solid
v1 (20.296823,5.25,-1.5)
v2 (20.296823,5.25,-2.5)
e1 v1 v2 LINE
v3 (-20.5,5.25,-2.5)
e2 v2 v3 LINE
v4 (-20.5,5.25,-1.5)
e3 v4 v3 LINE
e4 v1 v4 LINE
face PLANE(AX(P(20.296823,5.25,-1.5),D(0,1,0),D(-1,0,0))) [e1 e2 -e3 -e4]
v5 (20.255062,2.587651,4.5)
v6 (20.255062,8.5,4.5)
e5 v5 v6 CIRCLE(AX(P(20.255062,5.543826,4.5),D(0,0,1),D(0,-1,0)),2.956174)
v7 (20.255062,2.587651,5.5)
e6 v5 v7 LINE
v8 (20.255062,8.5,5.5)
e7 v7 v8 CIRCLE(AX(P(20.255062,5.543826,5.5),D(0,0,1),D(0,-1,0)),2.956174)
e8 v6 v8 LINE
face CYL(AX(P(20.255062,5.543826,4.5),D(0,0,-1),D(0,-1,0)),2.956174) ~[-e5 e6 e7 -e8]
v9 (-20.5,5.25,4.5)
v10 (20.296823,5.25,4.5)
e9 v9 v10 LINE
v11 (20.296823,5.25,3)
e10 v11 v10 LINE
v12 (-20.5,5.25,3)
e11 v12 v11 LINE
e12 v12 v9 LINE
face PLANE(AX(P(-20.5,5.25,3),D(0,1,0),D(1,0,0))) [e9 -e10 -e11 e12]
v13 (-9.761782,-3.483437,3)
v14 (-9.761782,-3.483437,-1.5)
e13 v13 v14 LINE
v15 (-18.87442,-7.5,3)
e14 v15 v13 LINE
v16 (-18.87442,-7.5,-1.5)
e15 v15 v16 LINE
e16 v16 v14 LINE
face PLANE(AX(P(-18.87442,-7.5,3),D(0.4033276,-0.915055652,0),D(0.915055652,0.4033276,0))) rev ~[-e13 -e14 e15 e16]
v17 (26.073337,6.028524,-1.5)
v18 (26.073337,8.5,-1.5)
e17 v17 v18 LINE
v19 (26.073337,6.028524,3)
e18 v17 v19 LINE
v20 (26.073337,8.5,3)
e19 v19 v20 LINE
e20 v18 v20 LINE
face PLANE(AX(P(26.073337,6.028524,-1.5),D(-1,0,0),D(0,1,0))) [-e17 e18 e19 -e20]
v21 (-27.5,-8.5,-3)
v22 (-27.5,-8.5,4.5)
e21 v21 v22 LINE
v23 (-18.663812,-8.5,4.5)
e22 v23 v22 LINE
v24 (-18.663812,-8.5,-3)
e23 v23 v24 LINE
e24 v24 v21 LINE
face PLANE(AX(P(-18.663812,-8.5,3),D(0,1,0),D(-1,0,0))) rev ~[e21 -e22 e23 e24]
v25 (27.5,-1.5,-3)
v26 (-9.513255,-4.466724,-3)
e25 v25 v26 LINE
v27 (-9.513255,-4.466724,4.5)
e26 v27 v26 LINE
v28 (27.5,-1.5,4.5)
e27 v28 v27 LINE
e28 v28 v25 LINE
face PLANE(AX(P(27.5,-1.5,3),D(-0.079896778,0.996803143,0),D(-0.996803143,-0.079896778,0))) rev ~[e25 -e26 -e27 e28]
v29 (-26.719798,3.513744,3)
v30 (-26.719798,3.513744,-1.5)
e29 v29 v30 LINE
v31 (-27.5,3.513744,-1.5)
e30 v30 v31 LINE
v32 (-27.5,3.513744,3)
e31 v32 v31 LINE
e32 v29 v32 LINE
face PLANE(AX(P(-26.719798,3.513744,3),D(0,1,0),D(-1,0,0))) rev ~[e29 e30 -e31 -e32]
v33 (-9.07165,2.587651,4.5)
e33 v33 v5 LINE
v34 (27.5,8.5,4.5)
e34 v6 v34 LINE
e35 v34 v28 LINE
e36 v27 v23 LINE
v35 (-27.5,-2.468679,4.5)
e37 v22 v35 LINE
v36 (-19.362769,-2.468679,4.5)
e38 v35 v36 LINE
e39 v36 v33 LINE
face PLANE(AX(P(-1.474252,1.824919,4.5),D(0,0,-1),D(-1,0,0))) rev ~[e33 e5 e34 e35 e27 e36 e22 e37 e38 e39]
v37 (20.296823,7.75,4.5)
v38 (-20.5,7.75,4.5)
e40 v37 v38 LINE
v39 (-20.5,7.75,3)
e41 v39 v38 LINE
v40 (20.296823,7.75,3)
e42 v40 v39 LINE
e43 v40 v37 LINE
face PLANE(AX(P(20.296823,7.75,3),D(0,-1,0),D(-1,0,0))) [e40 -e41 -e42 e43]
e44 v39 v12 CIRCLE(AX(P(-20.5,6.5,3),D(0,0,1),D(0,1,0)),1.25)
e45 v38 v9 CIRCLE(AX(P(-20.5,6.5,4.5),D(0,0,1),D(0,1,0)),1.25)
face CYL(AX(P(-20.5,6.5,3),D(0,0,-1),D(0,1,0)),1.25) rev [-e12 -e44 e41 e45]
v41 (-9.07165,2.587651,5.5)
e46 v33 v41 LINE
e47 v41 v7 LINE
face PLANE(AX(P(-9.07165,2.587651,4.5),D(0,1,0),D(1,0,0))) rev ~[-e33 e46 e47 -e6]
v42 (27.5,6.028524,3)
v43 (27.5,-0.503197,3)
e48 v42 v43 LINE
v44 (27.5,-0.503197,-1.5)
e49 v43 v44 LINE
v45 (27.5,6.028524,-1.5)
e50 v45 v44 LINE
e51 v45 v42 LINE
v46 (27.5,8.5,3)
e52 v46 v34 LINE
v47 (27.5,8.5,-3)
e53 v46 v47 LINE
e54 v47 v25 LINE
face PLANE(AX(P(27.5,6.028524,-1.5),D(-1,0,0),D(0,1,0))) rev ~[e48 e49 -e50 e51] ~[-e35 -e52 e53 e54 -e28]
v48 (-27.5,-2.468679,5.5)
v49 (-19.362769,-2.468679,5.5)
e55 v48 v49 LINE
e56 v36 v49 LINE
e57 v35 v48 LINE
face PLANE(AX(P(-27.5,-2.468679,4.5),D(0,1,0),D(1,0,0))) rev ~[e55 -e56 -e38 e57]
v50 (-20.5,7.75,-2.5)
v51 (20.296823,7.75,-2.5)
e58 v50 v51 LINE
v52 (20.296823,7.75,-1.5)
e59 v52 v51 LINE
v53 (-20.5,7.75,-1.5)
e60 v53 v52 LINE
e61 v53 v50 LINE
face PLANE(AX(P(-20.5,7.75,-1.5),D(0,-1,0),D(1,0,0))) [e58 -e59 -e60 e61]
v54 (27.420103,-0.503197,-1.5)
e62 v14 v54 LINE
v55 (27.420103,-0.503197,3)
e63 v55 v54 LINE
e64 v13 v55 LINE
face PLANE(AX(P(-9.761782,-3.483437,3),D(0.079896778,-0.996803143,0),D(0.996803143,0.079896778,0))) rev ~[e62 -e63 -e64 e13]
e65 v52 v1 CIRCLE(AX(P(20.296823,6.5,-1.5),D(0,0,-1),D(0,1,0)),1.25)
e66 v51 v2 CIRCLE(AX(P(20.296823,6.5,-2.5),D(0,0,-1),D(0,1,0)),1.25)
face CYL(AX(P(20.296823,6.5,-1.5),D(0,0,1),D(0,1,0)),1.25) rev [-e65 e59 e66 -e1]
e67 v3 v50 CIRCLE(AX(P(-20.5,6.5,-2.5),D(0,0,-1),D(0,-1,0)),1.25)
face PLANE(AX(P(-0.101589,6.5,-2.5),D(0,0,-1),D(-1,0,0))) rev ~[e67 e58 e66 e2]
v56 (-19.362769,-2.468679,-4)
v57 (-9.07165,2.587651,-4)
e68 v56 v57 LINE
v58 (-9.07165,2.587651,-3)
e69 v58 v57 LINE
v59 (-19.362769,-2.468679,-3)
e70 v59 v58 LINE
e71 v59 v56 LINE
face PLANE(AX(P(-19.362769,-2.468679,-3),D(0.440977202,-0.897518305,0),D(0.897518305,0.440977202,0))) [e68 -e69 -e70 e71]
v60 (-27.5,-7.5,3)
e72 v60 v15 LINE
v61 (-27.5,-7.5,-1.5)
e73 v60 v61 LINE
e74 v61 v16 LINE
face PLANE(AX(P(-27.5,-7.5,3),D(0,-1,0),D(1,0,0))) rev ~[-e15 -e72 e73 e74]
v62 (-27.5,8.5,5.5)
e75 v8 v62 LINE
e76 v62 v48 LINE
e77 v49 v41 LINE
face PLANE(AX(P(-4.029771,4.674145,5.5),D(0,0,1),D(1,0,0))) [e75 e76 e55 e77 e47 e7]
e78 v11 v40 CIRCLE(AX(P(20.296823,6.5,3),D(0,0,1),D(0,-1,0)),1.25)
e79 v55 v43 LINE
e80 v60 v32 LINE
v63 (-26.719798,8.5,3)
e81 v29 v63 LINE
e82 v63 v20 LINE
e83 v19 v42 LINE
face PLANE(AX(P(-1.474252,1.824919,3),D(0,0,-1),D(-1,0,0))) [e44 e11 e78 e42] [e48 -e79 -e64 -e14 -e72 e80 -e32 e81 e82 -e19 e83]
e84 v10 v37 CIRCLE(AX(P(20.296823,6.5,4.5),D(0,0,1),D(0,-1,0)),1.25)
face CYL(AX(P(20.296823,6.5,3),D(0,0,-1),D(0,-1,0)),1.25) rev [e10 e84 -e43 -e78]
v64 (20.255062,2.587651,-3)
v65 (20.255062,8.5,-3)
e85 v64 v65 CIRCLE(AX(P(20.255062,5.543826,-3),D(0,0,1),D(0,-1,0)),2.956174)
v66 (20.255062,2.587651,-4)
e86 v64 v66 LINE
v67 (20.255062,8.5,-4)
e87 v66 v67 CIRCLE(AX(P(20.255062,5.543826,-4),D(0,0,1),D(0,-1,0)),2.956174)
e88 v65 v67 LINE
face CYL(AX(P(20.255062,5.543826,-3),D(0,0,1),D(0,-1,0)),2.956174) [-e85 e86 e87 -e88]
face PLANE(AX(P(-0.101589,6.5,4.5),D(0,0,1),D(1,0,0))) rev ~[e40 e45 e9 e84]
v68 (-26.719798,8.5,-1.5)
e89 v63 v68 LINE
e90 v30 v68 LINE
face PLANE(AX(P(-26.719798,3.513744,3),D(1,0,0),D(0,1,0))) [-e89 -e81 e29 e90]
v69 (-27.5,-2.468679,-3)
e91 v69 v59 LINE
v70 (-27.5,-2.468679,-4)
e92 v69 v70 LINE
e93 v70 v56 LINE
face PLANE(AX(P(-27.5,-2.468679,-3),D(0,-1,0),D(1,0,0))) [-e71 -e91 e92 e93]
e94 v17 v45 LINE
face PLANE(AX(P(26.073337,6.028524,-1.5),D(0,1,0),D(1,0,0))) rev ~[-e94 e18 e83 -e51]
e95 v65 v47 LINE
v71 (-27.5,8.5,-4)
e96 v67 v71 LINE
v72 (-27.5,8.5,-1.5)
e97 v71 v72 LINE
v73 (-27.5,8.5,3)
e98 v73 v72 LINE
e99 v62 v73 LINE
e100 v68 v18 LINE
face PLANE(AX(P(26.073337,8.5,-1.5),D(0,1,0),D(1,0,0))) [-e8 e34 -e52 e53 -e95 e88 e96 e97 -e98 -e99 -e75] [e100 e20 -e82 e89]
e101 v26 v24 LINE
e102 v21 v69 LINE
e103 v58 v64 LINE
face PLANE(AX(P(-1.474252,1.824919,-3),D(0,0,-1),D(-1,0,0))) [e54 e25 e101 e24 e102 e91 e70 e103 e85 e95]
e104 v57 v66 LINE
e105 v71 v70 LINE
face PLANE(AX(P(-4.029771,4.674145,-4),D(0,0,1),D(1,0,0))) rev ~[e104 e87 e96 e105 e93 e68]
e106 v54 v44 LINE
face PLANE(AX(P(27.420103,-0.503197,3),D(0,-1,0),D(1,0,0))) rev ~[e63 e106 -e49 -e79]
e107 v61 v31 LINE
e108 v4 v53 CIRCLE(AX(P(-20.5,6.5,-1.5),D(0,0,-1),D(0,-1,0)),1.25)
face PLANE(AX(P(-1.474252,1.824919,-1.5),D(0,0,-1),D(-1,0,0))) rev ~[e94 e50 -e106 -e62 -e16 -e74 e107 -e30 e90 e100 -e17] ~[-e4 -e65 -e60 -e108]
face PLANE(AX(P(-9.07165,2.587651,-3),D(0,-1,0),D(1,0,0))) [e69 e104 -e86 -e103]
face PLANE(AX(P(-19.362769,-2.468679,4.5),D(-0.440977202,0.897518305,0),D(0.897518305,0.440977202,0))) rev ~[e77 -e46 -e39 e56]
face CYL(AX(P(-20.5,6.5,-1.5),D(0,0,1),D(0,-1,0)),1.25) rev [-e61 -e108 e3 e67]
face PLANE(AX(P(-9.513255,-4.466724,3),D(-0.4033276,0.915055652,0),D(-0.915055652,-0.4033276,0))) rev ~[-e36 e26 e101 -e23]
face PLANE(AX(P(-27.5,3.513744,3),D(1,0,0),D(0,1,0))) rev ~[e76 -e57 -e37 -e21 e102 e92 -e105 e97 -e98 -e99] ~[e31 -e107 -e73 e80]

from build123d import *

# Parameters (mm, degrees)
BOSS_EXTRUDE1_START = 3
BOSS_EXTRUDE1_DEPTH = 1.5
BOSS_EXTRUDE2_DEPTH = 1
CUT_EXTRUDE1_DEPTH  = 1.5
BOSS_EXTRUDE3_START = -3
BOSS_EXTRUDE3_DEPTH = 1.5
BOSS_EXTRUDE4_DEPTH = 1
BOSS_EXTRUDE5_DEPTH = 4.5
CUT_EXTRUDE2_DEPTH  = 1
SKETCH10_W          = 0.780201508
SKETCH10_H          = 4.986255627
BOSS_EXTRUDE6_DEPTH = 4.5
SKETCH11_W          = 1.426663005
SKETCH11_H          = 2.471476461
BOSS_EXTRUDE7_DEPTH = 4.5


with BuildPart() as part:
    # Sketch1 → Boss-Extrude1 (new body)
    with BuildSketch(Plane.XY.offset(BOSS_EXTRUDE1_START)):
        Polygon((-9.513255025, -4.466723996), (-18.663811547, -8.5), (-27.5, -8.5), (-27.5, 8.5), (27.5, 8.5), (27.5, -1.5), align=None)
    extrude(amount=BOSS_EXTRUDE1_DEPTH)

    # Sketch2 → Boss-Extrude2 (add)
    with BuildSketch(Plane.XY.offset(4.5)):
        with BuildLine():
            Line((-27.5, -2.468678655), (-19.36276873, -2.468678655))
            Line((-19.36276873, -2.468678655), (-9.07165048, 2.587651121))
            Line((-9.07165048, 2.587651121), (20.25506222, 2.587651121))
            ThreePointArc((20.25506222, 2.587651121), (23.21123666, 5.54382556), (20.25506222, 8.5))
            Line((20.25506222, 8.5), (-27.5, 8.5))
            Line((-27.5, 8.5), (-27.5, -2.468678655))
        make_face()
    extrude(amount=BOSS_EXTRUDE2_DEPTH)

    # Sketch3 → Cut-Extrude1 (cut)
    with BuildSketch(Plane(origin=(0, 0, 3), x_dir=(-1, 0, 0), z_dir=(0, 0, -1))):
        with BuildLine():
            Line((-20.296822584, 7.75), (20.5, 7.75))
            ThreePointArc((20.5, 7.75), (21.75, 6.5), (20.5, 5.25))
            Line((20.5, 5.25), (-20.296822584, 5.25))
            ThreePointArc((-20.296822584, 5.25), (-21.546822584, 6.5), (-20.296822584, 7.75))
        make_face()
    extrude(amount=-CUT_EXTRUDE1_DEPTH, mode=Mode.SUBTRACT)



with BuildPart() as body_2:
    # Sketch5 → Boss-Extrude3 (new body)
    with BuildSketch(Plane.XY.offset(BOSS_EXTRUDE3_START)):
        Polygon((27.5, -1.5), (-9.513255025, -4.466723996), (-18.663811547, -8.5), (-27.5, -8.5), (-27.5, 8.5), (27.5, 8.5), align=None)
    extrude(amount=BOSS_EXTRUDE3_DEPTH)

    # Sketch7 → Boss-Extrude4 (add)
    with BuildSketch(Plane(origin=(0, 0, -3), x_dir=(-1, 0, 0), z_dir=(0, 0, -1))):
        with BuildLine():
            Line((-20.25506222, 8.5), (27.5, 8.5))
            Line((27.5, 8.5), (27.5, -2.468678655))
            Line((27.5, -2.468678655), (19.36276873, -2.468678655))
            Line((19.36276873, -2.468678655), (9.07165048, 2.587651121))
            Line((9.07165048, 2.587651121), (-20.25506222, 2.587651121))
            ThreePointArc((-20.25506222, 2.587651121), (-23.21123666, 5.54382556), (-20.25506222, 8.5))
        make_face()
    extrude(amount=BOSS_EXTRUDE4_DEPTH)


with BuildPart() as part_1:
    add(part.part)

    add(body_2.part)  # Boss-Extrude5 merges body 2
    # Sketch8 → Boss-Extrude5 (add)
    with BuildSketch(Plane(origin=(0, 0, 3), x_dir=(-1, 0, 0), z_dir=(0, 0, -1))):
        Polygon((-27.5, -0.503196857), (-27.5, -1.5), (9.513255025, -4.466723996), (18.663811547, -8.5), (27.5, -8.5), (27.5, -7.5), (26.5, -7.5), (18.874420362, -7.5), (9.761781861, -3.483437061), (-27.420103222, -0.503196857), align=None)
    extrude(amount=BOSS_EXTRUDE5_DEPTH)

    # Sketch9 → Cut-Extrude2 (cut)
    with BuildSketch(Plane.XY.offset(-1.5)):
        with BuildLine():
            Line((-20.5, 7.75), (20.296822584, 7.75))
            ThreePointArc((20.296822584, 7.75), (21.546822584, 6.5), (20.296822584, 5.25))
            Line((20.296822584, 5.25), (-20.5, 5.25))
            ThreePointArc((-20.5, 5.25), (-21.75, 6.5), (-20.5, 7.75))
        make_face()
    extrude(amount=-CUT_EXTRUDE2_DEPTH, mode=Mode.SUBTRACT)

    # Sketch10 → Boss-Extrude6 (add)
    with BuildSketch(Plane(origin=(0, 0, 3), x_dir=(-1, 0, 0), z_dir=(0, 0, -1))):
        with Locations((27.109899246, 6.006872186)):
            Rectangle(SKETCH10_W, SKETCH10_H)
    extrude(amount=BOSS_EXTRUDE6_DEPTH)

    # Sketch11 → Boss-Extrude7 (add)
    with BuildSketch(Plane.XY.offset(-1.5)):
        with Locations((26.786668498, 7.26426177)):
            Rectangle(SKETCH11_W, SKETCH11_H)
    extrude(amount=BOSS_EXTRUDE7_DEPTH)


solid = part_1.part
